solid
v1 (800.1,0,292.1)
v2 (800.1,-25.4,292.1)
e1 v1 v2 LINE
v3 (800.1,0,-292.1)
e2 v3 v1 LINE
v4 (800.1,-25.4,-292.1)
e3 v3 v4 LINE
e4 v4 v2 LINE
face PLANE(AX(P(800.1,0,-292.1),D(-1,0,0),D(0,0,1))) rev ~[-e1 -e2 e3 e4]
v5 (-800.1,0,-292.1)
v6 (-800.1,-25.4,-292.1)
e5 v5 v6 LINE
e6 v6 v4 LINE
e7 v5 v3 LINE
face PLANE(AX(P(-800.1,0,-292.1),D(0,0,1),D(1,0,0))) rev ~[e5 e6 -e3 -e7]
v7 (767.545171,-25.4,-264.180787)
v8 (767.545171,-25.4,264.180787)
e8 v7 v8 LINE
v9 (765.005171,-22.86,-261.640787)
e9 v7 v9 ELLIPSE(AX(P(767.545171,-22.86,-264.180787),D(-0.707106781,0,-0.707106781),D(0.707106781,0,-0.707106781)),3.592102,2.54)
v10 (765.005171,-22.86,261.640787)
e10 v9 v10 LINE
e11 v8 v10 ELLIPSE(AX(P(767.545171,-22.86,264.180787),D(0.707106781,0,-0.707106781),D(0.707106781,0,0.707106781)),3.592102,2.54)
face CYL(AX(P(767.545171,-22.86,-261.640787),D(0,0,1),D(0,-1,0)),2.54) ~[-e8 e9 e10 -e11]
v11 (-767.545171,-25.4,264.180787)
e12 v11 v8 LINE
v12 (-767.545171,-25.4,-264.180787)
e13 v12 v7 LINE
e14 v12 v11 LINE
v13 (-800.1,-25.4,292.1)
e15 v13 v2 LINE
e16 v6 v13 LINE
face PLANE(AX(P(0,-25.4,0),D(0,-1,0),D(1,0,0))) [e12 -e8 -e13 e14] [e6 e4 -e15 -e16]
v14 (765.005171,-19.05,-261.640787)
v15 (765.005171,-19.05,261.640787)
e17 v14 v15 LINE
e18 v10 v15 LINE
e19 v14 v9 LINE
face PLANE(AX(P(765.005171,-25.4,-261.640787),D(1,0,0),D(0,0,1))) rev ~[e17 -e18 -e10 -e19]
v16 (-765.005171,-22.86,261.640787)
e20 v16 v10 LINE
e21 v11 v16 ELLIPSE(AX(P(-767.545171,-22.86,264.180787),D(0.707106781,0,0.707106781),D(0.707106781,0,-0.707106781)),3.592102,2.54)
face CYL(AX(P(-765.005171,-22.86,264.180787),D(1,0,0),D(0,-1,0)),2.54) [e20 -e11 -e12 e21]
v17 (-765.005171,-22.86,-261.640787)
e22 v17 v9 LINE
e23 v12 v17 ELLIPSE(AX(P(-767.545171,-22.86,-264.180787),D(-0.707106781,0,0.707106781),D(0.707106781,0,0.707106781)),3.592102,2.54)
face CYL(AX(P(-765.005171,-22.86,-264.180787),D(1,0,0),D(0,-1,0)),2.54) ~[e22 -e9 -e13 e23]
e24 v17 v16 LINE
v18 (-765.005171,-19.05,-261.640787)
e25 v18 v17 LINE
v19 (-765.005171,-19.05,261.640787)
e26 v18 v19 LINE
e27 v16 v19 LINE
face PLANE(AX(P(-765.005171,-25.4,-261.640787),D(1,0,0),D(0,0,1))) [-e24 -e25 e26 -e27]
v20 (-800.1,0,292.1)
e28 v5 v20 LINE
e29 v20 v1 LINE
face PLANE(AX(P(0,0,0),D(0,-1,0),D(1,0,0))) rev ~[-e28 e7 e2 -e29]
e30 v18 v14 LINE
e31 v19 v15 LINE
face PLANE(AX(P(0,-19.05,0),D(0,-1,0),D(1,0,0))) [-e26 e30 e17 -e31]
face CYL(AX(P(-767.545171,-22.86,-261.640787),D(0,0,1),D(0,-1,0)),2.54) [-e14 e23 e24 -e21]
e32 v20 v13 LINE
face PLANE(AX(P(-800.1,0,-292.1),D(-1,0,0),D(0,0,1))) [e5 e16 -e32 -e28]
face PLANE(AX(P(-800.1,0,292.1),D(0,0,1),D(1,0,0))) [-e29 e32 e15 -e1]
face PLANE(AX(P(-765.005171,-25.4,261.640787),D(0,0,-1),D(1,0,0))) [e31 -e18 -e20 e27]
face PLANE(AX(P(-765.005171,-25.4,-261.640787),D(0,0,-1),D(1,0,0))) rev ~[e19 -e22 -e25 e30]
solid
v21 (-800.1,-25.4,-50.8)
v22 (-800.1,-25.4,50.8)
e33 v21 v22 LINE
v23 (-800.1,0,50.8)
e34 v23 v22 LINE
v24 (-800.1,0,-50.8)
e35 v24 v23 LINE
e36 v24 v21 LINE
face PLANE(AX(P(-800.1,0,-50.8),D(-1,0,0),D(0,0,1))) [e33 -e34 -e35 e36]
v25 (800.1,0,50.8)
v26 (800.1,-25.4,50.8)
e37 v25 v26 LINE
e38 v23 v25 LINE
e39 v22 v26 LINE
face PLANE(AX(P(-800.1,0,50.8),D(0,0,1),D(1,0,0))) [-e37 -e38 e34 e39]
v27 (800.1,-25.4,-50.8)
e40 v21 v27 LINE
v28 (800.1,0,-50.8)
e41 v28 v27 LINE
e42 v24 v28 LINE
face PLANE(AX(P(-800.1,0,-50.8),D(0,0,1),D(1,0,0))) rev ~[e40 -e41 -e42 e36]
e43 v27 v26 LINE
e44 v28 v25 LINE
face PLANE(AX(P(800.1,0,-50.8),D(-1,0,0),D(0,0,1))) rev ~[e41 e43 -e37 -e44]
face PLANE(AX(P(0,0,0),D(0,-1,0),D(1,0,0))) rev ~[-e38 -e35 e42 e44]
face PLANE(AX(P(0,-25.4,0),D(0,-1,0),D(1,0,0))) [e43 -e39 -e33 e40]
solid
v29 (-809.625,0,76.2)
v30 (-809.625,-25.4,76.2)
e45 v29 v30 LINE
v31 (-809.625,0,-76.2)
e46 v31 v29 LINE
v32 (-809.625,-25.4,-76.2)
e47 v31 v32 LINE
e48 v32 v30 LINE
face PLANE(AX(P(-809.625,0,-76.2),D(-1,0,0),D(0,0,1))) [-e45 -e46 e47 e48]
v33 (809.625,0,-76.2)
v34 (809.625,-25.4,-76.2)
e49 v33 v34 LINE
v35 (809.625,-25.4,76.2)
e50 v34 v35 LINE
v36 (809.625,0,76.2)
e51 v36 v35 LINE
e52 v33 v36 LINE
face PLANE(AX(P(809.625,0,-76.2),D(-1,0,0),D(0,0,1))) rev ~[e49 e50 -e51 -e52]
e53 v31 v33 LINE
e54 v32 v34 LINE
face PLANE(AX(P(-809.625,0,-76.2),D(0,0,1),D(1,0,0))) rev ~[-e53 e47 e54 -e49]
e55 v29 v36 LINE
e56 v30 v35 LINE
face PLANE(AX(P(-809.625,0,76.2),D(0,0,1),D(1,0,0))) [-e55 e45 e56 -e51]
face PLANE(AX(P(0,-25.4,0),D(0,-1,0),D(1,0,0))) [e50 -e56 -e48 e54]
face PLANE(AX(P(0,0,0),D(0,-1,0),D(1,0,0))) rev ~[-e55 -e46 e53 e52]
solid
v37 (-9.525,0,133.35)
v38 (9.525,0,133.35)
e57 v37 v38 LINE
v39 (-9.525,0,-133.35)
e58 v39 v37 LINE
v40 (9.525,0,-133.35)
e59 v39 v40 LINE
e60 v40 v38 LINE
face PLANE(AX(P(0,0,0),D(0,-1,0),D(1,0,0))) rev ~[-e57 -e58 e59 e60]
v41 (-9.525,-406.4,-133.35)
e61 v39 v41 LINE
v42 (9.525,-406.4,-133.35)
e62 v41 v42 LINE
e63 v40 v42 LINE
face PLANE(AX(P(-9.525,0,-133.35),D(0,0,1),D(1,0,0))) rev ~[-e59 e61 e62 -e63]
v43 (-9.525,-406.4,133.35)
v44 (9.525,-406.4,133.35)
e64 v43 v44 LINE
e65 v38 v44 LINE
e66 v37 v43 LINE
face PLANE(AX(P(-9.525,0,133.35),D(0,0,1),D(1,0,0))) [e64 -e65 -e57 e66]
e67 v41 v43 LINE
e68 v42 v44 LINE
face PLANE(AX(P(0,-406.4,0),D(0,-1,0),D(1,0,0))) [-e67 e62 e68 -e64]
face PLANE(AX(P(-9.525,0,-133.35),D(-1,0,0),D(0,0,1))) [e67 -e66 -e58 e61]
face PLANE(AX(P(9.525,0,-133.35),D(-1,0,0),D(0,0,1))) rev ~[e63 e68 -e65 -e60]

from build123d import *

# Parameters (mm, degrees)
F0_W      = 19.05
F0_H      = 266.7
F1_DEPTH  = 406.4
F2_W      = 1600.2
F2_H      = 101.6
F4_DEPTH  = 25.4
F5_W      = 1600.2
F5_H      = 584.2
F6_DEPTH  = 25.4
F7_W      = 1619.25
F7_H      = 152.4
F8_DEPTH  = 25.4
F9_W      = 1530.010342598
F9_H      = 523.2815742493
F10_DEPTH = 6.35
F12_R     = 2.54


with BuildPart() as f1:
    # F0 (on Front) → F1 (new body)
    with BuildSketch(Plane.XZ):
        Rectangle(F0_W, F0_H)
    extrude(amount=F1_DEPTH)


with BuildPart() as f4:
    # F2 (on Front) → F4 (new body)
    with BuildSketch(Plane.XZ):
        Rectangle(F2_W, F2_H)
    extrude(amount=F4_DEPTH)


with BuildPart() as f6:
    # F5 (on Front) → F6 (new body)
    with BuildSketch(Plane.XZ):
        Rectangle(F5_W, F5_H)
    extrude(amount=F6_DEPTH)


with BuildPart() as f8:
    # F7 (on Front) → F8 (new body)
    with BuildSketch(Plane.XZ):
        Rectangle(F7_W, F7_H)
    extrude(amount=F8_DEPTH)


with BuildPart() as f10:
    # F9 (on face) → F10 (new body, symmetric)
    with BuildSketch(Plane.XZ.offset(25.4)):
        Rectangle(F9_W, F9_H)
    extrude(amount=F10_DEPTH, both=True)


with BuildPart() as f6_1:
    add(f6.part)

    # F11: cut F10
    add(f10.part, mode=Mode.SUBTRACT)

    # F12
    f12_edges = [f6_1.edges().sort_by_distance(p)[0] for p in [
        (0, -25.4, 261.640787),
        (-765.005171, -25.4, 0),
        (0, -25.4, -261.640787),
        (765.005171, -25.4, 0),
    ]]
    fillet(f12_edges, radius=F12_R)


solid = Compound([f1.part, f4.part, f8.part, f6_1.part])
